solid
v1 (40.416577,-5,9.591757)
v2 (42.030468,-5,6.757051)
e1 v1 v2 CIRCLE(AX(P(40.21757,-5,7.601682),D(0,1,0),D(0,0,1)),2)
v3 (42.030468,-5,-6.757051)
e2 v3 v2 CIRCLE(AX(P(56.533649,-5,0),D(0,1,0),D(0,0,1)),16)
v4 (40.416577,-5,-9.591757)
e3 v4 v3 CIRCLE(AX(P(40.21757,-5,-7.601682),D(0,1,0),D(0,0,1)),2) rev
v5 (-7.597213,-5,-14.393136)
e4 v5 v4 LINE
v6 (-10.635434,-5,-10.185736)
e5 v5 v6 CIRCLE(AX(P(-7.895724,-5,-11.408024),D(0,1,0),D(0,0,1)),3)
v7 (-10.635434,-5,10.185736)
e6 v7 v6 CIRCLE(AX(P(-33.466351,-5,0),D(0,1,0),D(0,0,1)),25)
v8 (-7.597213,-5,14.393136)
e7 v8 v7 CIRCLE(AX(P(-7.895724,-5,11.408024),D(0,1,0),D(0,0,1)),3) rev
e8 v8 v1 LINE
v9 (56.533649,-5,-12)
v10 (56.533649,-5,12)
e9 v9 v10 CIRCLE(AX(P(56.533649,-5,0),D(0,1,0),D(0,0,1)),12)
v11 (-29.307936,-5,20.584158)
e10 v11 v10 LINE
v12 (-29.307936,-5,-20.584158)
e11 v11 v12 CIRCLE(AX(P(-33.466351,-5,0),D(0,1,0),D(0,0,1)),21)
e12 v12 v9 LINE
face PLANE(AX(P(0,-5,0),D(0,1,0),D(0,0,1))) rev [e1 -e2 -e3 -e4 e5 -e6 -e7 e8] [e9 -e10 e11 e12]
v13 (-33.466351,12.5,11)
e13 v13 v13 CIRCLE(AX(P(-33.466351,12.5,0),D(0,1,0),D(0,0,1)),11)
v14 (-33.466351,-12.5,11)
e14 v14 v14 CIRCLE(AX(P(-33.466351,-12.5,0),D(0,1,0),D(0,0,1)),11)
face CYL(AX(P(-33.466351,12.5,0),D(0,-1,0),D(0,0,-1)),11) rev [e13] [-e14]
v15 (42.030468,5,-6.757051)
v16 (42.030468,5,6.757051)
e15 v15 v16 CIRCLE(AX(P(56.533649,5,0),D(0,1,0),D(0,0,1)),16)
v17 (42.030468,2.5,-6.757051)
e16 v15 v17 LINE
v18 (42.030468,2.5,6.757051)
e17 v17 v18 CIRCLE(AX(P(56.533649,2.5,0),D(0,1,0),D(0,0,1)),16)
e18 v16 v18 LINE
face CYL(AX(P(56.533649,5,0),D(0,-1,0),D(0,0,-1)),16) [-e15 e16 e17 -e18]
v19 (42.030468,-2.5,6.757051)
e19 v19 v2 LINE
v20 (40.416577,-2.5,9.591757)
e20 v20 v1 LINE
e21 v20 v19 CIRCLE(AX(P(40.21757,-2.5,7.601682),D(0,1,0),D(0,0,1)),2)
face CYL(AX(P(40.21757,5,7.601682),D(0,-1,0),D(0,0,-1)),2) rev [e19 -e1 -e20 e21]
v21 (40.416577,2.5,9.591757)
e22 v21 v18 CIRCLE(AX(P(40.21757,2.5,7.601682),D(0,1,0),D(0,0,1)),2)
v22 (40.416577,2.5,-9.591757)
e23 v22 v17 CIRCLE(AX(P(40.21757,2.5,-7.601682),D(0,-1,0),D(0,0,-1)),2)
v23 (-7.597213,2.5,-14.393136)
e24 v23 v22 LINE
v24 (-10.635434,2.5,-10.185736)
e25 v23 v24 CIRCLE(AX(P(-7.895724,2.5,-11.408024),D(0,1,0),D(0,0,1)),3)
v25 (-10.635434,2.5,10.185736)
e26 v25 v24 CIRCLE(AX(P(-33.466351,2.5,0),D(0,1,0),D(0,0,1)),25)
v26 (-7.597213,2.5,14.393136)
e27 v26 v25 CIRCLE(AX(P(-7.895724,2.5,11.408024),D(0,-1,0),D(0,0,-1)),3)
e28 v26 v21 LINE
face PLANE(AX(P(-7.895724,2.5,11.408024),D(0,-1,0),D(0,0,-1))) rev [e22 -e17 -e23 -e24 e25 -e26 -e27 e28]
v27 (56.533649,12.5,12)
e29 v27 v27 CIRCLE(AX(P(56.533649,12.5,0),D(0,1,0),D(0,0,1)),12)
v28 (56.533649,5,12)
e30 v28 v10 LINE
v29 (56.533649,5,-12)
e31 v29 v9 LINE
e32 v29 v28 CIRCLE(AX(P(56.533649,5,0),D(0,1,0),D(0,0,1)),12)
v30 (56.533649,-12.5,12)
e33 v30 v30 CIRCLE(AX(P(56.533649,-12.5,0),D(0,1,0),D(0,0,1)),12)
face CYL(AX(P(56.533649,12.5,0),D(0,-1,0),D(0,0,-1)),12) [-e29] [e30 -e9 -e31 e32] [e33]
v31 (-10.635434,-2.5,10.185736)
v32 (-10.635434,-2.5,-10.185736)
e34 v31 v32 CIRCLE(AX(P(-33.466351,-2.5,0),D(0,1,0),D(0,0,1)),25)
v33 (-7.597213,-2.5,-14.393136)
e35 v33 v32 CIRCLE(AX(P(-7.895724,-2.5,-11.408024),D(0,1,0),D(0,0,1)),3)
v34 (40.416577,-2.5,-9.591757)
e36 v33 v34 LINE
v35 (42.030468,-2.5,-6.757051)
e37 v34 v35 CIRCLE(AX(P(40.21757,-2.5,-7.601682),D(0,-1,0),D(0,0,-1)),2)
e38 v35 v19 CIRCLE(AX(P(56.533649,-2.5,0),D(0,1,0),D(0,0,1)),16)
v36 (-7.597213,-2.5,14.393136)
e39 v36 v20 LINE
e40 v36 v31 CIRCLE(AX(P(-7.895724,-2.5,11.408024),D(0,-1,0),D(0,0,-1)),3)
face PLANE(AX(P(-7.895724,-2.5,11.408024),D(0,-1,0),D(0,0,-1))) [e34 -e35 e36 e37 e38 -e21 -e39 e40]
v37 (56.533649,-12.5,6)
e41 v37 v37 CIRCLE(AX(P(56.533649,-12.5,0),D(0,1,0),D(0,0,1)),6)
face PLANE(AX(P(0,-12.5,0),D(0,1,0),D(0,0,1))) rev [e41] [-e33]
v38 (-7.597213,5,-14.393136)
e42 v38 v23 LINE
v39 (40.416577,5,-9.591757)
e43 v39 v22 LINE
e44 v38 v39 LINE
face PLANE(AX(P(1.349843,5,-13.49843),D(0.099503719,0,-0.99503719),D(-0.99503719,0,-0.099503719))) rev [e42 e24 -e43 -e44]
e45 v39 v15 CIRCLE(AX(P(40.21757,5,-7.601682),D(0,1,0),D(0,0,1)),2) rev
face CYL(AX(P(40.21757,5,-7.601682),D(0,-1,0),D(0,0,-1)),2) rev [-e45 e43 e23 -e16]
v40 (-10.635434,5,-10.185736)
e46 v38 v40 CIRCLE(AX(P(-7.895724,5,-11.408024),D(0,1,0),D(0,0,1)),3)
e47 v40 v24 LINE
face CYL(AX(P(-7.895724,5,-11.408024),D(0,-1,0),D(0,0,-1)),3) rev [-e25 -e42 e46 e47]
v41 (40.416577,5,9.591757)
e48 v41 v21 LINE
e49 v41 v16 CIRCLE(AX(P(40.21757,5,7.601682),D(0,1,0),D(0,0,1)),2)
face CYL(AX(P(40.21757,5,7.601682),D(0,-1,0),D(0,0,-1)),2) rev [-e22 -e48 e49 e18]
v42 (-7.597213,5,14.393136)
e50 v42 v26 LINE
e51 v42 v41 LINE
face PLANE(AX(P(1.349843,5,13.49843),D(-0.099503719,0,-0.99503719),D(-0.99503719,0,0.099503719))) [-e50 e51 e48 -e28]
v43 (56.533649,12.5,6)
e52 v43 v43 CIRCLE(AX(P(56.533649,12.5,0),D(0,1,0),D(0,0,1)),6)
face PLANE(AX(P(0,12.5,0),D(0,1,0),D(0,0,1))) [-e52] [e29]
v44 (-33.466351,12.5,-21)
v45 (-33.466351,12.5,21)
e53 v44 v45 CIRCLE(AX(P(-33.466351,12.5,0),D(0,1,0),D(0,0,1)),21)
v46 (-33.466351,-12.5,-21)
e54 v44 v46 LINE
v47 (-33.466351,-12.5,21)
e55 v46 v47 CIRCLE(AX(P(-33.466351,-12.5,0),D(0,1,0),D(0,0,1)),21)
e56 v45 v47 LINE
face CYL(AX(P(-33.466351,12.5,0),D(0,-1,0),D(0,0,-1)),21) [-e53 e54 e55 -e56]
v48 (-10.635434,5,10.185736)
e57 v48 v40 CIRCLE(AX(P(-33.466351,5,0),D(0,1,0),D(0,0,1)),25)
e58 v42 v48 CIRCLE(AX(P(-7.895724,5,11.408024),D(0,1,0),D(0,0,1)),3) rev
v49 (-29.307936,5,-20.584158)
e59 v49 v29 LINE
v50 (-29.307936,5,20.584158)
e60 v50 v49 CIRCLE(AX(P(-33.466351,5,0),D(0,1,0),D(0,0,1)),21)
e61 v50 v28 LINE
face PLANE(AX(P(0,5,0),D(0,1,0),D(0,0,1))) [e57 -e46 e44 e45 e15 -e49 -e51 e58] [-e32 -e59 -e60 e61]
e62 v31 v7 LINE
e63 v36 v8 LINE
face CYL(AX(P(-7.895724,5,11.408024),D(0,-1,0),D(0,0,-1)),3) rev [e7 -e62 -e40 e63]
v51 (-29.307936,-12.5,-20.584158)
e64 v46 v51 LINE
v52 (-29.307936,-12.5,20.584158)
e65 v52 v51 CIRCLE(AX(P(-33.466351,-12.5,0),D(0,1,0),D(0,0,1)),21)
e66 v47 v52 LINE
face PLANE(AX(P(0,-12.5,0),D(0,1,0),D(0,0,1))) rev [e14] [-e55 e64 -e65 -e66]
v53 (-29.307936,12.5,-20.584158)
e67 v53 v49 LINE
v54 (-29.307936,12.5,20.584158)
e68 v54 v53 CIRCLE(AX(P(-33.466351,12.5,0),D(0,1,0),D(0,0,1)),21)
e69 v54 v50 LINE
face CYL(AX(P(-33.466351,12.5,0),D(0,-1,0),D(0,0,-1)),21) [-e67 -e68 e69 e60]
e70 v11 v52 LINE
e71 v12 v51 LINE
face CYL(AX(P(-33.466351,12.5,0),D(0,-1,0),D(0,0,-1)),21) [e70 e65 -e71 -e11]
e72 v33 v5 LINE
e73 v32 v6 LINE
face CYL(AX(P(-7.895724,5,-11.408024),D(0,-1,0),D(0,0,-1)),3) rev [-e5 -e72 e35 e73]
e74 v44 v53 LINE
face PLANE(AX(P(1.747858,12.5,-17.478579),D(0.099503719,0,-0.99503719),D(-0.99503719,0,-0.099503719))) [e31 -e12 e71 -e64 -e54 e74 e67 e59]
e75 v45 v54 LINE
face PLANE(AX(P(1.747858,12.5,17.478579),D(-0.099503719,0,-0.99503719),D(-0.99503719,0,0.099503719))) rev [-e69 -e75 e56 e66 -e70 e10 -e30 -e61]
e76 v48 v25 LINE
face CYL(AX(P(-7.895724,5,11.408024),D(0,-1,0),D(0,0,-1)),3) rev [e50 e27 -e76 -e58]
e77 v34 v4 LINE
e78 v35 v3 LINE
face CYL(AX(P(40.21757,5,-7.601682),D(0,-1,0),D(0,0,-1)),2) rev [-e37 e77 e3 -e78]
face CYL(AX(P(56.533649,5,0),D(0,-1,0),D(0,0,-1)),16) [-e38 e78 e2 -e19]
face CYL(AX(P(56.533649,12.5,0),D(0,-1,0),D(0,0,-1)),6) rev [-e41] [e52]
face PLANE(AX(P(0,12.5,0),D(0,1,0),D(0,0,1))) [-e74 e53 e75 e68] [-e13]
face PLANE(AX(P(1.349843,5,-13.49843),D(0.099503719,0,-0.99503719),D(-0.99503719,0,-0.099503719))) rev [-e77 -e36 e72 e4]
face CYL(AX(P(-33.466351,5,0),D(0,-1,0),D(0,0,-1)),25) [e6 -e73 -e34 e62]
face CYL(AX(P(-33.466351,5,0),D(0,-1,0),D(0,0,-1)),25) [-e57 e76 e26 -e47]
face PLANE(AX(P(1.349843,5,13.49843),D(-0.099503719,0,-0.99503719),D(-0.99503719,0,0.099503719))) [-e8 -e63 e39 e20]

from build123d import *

# Parameters (mm, degrees)
SKETCH2_R             = 11
BOSS_EXTRUDE1_DEPTH   = 12.5
SKETCH2_R_2           = 12
SKETCH2_R_3           = 6
BOSS_EXTRUDE1_2_DEPTH = 12.5
BOSS_EXTRUDE2_DEPTH   = 5
BOSS_EXTRUDE3_DEPTH   = 2.5


with BuildPart() as part:
    # Sketch2 → Boss-Extrude1 (new, symmetric)
    with BuildSketch(Plane(origin=(0, 0, 0), x_dir=(1, 0, 0), z_dir=(0, 1, 0))):
        with BuildLine():
            ThreePointArc((-33.466351399, 21), (-54.466351399, 0), (-33.466351399, -21))
            Line((-33.466351399, -21), (-29.307935557, -20.584158416))
            ThreePointArc((-29.307935557, -20.584158416), (-12.466351399, 0), (-29.307935557, 20.584158416))
            Line((-29.307935557, 20.584158416), (-33.466351399, 21))
        make_face()
        with Locations((-33.466351399, 0)):
            Circle(SKETCH2_R, mode=Mode.SUBTRACT)
    extrude(amount=BOSS_EXTRUDE1_DEPTH, both=True)



with BuildPart() as body_2:
    # Sketch2 → Boss-Extrude1 2 (new, symmetric)
    with BuildSketch(Plane(origin=(0, 0, 0), x_dir=(1, 0, 0), z_dir=(0, 1, 0))):
        with Locations((56.533648601, 0)):
            Circle(SKETCH2_R_2)
        with Locations((56.533648601, 0)):
            Circle(SKETCH2_R_3, mode=Mode.SUBTRACT)
    extrude(amount=BOSS_EXTRUDE1_2_DEPTH, both=True)


with BuildPart() as part_1:
    add(part.part)

    add(body_2.part)  # Boss-Extrude2 merges body 2
    # Sketch2<3> → Boss-Extrude2 (add, symmetric)
    with BuildSketch(Plane(origin=(0, 0, 0), x_dir=(1, 0, 0), z_dir=(0, 1, 0))):
        with BuildLine():
            ThreePointArc((-12.466351399, 0), (-17.213248116, -13.297993595), (-29.307935557, -20.584158416))
            Line((-29.307935557, -20.584158416), (56.533648601, -12))
            ThreePointArc((56.533648601, -12), (44.533648601, 0), (56.533648601, 12))
            Line((56.533648601, 12), (-29.307935557, 20.584158416))
            ThreePointArc((-29.307935557, 20.584158416), (-17.213248116, 13.297993595), (-12.466351399, 0))
        make_face()
        with BuildLine():
            ThreePointArc((-10.635434162, 10.185736013), (-10.327887019, 13.164322574), (-7.597212937, 14.393135905))
            Line((-7.597212937, 14.393135905), (40.416577367, 9.591756875))
            ThreePointArc((40.416577367, 9.591756875), (41.955623351, 8.591212838), (42.030467559, 6.757051106))
            ThreePointArc((42.030467559, 6.757051106), (40.533648601, 0), (42.030467559, -6.757051106))
            ThreePointArc((42.030467559, -6.757051106), (41.955623351, -8.591212838), (40.416577367, -9.591756875))
            Line((40.416577367, -9.591756875), (-7.597212937, -14.393135905))
            ThreePointArc((-7.597212937, -14.393135905), (-10.327887019, -13.164322574), (-10.635434162, -10.185736013))
            ThreePointArc((-10.635434162, -10.185736013), (-8.466351399, 0), (-10.635434162, 10.185736013))
        make_face(mode=Mode.SUBTRACT)
    extrude(amount=BOSS_EXTRUDE2_DEPTH, both=True)

    # Sketch2<4> → Boss-Extrude3 (add, symmetric)
    with BuildSketch(Plane(origin=(0, 0, 0), x_dir=(1, 0, 0), z_dir=(0, 1, 0))):
        with BuildLine():
            Line((-7.597212937, 14.393135905), (40.416577367, 9.591756875))
            ThreePointArc((40.416577367, 9.591756875), (41.955623351, 8.591212838), (42.030467559, 6.757051106))
            ThreePointArc((42.030467559, 6.757051106), (40.533648601, 0), (42.030467559, -6.757051106))
            ThreePointArc((42.030467559, -6.757051106), (41.955623351, -8.591212838), (40.416577367, -9.591756875))
            Line((40.416577367, -9.591756875), (-7.597212937, -14.393135905))
            ThreePointArc((-7.597212937, -14.393135905), (-10.327887019, -13.164322574), (-10.635434162, -10.185736013))
            ThreePointArc((-10.635434162, -10.185736013), (-8.466351399, 0), (-10.635434162, 10.185736013))
            ThreePointArc((-10.635434162, 10.185736013), (-10.327887019, 13.164322574), (-7.597212937, 14.393135905))
        make_face()
    extrude(amount=BOSS_EXTRUDE3_DEPTH, both=True)


solid = part_1.part
